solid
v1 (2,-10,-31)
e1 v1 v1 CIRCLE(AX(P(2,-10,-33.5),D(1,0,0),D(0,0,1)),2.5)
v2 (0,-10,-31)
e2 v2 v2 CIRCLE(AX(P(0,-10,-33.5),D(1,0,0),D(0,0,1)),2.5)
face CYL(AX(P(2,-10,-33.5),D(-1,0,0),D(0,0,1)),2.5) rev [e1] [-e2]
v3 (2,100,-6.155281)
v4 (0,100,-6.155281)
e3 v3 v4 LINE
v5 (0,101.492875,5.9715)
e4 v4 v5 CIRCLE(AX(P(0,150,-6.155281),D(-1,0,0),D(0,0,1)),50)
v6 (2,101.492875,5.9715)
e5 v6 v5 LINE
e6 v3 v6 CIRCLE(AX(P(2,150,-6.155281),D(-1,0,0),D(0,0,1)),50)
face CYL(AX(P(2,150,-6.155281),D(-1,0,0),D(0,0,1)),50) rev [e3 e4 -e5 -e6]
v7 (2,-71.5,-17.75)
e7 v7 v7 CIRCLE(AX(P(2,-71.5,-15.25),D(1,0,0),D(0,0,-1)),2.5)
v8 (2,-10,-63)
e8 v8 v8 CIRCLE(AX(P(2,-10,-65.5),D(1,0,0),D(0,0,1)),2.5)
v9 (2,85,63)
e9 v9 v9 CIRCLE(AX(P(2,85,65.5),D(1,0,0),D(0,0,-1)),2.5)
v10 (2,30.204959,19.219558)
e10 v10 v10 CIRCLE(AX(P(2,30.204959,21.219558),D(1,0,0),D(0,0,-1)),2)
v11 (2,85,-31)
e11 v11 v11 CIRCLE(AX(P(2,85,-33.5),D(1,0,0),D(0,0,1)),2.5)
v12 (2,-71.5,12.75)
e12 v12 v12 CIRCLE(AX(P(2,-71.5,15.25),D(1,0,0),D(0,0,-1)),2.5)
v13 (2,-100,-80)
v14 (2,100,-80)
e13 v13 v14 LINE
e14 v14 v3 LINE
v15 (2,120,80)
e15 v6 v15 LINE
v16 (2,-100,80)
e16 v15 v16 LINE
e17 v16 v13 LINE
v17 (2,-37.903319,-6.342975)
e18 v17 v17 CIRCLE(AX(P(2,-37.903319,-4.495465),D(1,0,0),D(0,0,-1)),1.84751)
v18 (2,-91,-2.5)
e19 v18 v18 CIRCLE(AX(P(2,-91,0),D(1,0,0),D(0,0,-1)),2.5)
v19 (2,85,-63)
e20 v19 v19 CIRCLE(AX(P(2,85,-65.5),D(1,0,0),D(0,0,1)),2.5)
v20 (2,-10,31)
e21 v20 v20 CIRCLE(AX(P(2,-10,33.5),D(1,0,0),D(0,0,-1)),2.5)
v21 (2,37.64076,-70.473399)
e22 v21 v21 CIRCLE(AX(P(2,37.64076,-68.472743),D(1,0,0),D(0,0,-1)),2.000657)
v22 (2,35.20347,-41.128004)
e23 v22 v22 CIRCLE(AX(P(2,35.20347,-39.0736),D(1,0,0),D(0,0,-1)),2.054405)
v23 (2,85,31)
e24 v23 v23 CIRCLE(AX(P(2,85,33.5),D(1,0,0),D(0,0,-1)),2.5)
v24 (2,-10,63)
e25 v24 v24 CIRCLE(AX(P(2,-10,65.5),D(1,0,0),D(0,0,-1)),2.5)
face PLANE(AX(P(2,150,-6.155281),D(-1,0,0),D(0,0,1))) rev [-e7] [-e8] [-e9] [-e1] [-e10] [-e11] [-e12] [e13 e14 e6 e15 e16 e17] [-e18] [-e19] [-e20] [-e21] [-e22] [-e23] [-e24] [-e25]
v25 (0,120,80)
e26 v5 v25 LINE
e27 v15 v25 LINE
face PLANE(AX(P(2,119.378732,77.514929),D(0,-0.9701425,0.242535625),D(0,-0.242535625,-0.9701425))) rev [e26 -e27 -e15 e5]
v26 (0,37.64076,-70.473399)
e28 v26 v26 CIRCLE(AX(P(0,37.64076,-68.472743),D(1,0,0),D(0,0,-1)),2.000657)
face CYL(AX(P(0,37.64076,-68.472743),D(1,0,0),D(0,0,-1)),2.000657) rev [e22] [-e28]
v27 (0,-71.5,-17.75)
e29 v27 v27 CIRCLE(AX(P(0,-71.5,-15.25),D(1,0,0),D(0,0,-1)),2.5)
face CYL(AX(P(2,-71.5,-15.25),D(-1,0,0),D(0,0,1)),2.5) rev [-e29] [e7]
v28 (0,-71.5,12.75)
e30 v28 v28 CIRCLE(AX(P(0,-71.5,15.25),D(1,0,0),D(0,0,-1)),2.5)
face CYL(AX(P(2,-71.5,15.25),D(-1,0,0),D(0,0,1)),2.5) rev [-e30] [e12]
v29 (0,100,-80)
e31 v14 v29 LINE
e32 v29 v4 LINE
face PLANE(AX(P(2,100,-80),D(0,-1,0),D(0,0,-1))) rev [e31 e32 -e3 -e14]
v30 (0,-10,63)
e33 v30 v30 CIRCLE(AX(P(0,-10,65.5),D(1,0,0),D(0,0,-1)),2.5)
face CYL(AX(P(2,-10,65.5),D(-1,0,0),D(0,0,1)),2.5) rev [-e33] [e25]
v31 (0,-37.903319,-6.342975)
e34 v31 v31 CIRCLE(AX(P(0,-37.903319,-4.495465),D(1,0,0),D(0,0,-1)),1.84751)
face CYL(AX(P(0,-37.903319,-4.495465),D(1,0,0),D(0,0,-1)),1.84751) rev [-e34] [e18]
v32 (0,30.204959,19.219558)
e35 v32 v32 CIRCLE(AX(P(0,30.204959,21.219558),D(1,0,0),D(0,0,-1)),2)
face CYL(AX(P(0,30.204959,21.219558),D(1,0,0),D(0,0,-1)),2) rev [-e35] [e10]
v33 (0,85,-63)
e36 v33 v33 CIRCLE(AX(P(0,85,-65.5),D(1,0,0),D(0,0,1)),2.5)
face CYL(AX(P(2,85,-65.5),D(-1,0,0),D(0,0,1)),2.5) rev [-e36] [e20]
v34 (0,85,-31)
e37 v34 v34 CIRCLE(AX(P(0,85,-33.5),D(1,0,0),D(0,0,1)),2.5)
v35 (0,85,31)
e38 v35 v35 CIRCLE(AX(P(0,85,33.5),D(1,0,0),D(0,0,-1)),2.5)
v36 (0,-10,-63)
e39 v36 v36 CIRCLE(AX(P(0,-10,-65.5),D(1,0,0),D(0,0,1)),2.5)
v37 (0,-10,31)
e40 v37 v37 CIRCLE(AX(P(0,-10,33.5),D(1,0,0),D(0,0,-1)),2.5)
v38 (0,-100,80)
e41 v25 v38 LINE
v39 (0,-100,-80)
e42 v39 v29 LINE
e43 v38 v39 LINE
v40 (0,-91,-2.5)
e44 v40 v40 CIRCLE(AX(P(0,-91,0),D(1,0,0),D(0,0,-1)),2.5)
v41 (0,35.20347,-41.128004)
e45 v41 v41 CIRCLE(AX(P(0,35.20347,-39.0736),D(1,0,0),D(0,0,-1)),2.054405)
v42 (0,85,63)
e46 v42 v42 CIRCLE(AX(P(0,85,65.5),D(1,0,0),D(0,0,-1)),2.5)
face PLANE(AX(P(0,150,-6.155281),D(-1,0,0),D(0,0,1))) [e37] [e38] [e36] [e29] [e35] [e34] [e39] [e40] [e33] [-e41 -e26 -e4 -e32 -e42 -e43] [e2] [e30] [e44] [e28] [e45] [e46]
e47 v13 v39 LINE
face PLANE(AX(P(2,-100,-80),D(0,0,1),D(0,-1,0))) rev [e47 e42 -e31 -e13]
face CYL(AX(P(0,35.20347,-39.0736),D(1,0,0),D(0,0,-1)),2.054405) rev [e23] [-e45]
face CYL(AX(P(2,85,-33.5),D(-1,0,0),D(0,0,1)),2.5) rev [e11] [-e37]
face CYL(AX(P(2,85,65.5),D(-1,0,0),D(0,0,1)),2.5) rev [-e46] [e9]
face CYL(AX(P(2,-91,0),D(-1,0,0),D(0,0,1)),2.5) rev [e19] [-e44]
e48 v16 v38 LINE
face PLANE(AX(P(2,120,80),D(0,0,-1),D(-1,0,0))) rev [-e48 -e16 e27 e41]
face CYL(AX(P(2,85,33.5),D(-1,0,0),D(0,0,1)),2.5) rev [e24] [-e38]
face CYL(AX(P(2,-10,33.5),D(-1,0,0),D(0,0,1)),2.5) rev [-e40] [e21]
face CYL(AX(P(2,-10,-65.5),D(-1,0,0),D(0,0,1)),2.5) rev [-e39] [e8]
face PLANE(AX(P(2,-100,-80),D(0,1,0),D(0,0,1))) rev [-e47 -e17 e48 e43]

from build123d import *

# Parameters (mm, degrees)
SKETCH_1_R          = 2.5
EXTRUDE_1_DEPTH     = 2
SKETCH_2_R          = 2.000656811
SKETCH_2_R_2        = 2.054404912
SKETCH_2_R_3        = 2
SKETCH_2_R_4        = 1.847510468
CUT_EXTRUDE_1_DEPTH = 3


with BuildPart() as part:
    # 草图1 → 凸台-拉伸1 (new body)
    with BuildSketch(Plane(origin=(0, 0, 0), x_dir=(0, 0, -1), z_dir=(1, 0, 0))):
        with BuildLine():
            Line((80, -100), (-80, -100))
            Line((-80, -100), (-80, 100))
            Line((-80, 100), (-80, 117.438447187))
            Line((-80, 117.438447187), (-80, 120))
            Line((-80, 120), (-77.51492875, 119.378732187))
            Line((-77.51492875, 119.378732187), (-5.971499971, 101.492874993))
            ThreePointArc((-5.971499971, 101.492874993), (0.046118096, 100.374622166), (6.155281281, 100))
            Line((6.155281281, 100), (80, 100))
            Line((80, 100), (80, -100))
        make_face()
        with Locations((-65.5, -10)):
            Circle(SKETCH_1_R, mode=Mode.SUBTRACT)
        with Locations((-33.5, -10)):
            Circle(SKETCH_1_R, mode=Mode.SUBTRACT)
        with Locations((-65.5, 85)):
            Circle(SKETCH_1_R, mode=Mode.SUBTRACT)
        with Locations((-33.5, 85)):
            Circle(SKETCH_1_R, mode=Mode.SUBTRACT)
        with Locations((33.5, 85)):
            Circle(SKETCH_1_R, mode=Mode.SUBTRACT)
        with Locations((65.5, 85)):
            Circle(SKETCH_1_R, mode=Mode.SUBTRACT)
        with Locations((33.5, -10)):
            Circle(SKETCH_1_R, mode=Mode.SUBTRACT)
        with Locations((65.5, -10)):
            Circle(SKETCH_1_R, mode=Mode.SUBTRACT)
        with Locations((0, -91)):
            Circle(SKETCH_1_R, mode=Mode.SUBTRACT)
        with Locations((-15.25, -71.5)):
            Circle(SKETCH_1_R, mode=Mode.SUBTRACT)
        with Locations((15.25, -71.5)):
            Circle(SKETCH_1_R, mode=Mode.SUBTRACT)
    extrude(amount=EXTRUDE_1_DEPTH)

    # 草图2 → 切除-拉伸1 (cut, through all)
    with BuildSketch(Plane(origin=(2, 0, 0), x_dir=(0, 0, -1), z_dir=(1, 0, 0))):
        with Locations((68.472742663, 37.640760233)):
            Circle(SKETCH_2_R)
        with Locations((39.073599545, 35.20346994)):
            Circle(SKETCH_2_R_2)
        with Locations((-21.219558373, 30.20495934)):
            Circle(SKETCH_2_R_3)
        with Locations((4.495464774, -37.903319045)):
            Circle(SKETCH_2_R_4)
    extrude(amount=-CUT_EXTRUDE_1_DEPTH, mode=Mode.SUBTRACT)


solid = part.part
